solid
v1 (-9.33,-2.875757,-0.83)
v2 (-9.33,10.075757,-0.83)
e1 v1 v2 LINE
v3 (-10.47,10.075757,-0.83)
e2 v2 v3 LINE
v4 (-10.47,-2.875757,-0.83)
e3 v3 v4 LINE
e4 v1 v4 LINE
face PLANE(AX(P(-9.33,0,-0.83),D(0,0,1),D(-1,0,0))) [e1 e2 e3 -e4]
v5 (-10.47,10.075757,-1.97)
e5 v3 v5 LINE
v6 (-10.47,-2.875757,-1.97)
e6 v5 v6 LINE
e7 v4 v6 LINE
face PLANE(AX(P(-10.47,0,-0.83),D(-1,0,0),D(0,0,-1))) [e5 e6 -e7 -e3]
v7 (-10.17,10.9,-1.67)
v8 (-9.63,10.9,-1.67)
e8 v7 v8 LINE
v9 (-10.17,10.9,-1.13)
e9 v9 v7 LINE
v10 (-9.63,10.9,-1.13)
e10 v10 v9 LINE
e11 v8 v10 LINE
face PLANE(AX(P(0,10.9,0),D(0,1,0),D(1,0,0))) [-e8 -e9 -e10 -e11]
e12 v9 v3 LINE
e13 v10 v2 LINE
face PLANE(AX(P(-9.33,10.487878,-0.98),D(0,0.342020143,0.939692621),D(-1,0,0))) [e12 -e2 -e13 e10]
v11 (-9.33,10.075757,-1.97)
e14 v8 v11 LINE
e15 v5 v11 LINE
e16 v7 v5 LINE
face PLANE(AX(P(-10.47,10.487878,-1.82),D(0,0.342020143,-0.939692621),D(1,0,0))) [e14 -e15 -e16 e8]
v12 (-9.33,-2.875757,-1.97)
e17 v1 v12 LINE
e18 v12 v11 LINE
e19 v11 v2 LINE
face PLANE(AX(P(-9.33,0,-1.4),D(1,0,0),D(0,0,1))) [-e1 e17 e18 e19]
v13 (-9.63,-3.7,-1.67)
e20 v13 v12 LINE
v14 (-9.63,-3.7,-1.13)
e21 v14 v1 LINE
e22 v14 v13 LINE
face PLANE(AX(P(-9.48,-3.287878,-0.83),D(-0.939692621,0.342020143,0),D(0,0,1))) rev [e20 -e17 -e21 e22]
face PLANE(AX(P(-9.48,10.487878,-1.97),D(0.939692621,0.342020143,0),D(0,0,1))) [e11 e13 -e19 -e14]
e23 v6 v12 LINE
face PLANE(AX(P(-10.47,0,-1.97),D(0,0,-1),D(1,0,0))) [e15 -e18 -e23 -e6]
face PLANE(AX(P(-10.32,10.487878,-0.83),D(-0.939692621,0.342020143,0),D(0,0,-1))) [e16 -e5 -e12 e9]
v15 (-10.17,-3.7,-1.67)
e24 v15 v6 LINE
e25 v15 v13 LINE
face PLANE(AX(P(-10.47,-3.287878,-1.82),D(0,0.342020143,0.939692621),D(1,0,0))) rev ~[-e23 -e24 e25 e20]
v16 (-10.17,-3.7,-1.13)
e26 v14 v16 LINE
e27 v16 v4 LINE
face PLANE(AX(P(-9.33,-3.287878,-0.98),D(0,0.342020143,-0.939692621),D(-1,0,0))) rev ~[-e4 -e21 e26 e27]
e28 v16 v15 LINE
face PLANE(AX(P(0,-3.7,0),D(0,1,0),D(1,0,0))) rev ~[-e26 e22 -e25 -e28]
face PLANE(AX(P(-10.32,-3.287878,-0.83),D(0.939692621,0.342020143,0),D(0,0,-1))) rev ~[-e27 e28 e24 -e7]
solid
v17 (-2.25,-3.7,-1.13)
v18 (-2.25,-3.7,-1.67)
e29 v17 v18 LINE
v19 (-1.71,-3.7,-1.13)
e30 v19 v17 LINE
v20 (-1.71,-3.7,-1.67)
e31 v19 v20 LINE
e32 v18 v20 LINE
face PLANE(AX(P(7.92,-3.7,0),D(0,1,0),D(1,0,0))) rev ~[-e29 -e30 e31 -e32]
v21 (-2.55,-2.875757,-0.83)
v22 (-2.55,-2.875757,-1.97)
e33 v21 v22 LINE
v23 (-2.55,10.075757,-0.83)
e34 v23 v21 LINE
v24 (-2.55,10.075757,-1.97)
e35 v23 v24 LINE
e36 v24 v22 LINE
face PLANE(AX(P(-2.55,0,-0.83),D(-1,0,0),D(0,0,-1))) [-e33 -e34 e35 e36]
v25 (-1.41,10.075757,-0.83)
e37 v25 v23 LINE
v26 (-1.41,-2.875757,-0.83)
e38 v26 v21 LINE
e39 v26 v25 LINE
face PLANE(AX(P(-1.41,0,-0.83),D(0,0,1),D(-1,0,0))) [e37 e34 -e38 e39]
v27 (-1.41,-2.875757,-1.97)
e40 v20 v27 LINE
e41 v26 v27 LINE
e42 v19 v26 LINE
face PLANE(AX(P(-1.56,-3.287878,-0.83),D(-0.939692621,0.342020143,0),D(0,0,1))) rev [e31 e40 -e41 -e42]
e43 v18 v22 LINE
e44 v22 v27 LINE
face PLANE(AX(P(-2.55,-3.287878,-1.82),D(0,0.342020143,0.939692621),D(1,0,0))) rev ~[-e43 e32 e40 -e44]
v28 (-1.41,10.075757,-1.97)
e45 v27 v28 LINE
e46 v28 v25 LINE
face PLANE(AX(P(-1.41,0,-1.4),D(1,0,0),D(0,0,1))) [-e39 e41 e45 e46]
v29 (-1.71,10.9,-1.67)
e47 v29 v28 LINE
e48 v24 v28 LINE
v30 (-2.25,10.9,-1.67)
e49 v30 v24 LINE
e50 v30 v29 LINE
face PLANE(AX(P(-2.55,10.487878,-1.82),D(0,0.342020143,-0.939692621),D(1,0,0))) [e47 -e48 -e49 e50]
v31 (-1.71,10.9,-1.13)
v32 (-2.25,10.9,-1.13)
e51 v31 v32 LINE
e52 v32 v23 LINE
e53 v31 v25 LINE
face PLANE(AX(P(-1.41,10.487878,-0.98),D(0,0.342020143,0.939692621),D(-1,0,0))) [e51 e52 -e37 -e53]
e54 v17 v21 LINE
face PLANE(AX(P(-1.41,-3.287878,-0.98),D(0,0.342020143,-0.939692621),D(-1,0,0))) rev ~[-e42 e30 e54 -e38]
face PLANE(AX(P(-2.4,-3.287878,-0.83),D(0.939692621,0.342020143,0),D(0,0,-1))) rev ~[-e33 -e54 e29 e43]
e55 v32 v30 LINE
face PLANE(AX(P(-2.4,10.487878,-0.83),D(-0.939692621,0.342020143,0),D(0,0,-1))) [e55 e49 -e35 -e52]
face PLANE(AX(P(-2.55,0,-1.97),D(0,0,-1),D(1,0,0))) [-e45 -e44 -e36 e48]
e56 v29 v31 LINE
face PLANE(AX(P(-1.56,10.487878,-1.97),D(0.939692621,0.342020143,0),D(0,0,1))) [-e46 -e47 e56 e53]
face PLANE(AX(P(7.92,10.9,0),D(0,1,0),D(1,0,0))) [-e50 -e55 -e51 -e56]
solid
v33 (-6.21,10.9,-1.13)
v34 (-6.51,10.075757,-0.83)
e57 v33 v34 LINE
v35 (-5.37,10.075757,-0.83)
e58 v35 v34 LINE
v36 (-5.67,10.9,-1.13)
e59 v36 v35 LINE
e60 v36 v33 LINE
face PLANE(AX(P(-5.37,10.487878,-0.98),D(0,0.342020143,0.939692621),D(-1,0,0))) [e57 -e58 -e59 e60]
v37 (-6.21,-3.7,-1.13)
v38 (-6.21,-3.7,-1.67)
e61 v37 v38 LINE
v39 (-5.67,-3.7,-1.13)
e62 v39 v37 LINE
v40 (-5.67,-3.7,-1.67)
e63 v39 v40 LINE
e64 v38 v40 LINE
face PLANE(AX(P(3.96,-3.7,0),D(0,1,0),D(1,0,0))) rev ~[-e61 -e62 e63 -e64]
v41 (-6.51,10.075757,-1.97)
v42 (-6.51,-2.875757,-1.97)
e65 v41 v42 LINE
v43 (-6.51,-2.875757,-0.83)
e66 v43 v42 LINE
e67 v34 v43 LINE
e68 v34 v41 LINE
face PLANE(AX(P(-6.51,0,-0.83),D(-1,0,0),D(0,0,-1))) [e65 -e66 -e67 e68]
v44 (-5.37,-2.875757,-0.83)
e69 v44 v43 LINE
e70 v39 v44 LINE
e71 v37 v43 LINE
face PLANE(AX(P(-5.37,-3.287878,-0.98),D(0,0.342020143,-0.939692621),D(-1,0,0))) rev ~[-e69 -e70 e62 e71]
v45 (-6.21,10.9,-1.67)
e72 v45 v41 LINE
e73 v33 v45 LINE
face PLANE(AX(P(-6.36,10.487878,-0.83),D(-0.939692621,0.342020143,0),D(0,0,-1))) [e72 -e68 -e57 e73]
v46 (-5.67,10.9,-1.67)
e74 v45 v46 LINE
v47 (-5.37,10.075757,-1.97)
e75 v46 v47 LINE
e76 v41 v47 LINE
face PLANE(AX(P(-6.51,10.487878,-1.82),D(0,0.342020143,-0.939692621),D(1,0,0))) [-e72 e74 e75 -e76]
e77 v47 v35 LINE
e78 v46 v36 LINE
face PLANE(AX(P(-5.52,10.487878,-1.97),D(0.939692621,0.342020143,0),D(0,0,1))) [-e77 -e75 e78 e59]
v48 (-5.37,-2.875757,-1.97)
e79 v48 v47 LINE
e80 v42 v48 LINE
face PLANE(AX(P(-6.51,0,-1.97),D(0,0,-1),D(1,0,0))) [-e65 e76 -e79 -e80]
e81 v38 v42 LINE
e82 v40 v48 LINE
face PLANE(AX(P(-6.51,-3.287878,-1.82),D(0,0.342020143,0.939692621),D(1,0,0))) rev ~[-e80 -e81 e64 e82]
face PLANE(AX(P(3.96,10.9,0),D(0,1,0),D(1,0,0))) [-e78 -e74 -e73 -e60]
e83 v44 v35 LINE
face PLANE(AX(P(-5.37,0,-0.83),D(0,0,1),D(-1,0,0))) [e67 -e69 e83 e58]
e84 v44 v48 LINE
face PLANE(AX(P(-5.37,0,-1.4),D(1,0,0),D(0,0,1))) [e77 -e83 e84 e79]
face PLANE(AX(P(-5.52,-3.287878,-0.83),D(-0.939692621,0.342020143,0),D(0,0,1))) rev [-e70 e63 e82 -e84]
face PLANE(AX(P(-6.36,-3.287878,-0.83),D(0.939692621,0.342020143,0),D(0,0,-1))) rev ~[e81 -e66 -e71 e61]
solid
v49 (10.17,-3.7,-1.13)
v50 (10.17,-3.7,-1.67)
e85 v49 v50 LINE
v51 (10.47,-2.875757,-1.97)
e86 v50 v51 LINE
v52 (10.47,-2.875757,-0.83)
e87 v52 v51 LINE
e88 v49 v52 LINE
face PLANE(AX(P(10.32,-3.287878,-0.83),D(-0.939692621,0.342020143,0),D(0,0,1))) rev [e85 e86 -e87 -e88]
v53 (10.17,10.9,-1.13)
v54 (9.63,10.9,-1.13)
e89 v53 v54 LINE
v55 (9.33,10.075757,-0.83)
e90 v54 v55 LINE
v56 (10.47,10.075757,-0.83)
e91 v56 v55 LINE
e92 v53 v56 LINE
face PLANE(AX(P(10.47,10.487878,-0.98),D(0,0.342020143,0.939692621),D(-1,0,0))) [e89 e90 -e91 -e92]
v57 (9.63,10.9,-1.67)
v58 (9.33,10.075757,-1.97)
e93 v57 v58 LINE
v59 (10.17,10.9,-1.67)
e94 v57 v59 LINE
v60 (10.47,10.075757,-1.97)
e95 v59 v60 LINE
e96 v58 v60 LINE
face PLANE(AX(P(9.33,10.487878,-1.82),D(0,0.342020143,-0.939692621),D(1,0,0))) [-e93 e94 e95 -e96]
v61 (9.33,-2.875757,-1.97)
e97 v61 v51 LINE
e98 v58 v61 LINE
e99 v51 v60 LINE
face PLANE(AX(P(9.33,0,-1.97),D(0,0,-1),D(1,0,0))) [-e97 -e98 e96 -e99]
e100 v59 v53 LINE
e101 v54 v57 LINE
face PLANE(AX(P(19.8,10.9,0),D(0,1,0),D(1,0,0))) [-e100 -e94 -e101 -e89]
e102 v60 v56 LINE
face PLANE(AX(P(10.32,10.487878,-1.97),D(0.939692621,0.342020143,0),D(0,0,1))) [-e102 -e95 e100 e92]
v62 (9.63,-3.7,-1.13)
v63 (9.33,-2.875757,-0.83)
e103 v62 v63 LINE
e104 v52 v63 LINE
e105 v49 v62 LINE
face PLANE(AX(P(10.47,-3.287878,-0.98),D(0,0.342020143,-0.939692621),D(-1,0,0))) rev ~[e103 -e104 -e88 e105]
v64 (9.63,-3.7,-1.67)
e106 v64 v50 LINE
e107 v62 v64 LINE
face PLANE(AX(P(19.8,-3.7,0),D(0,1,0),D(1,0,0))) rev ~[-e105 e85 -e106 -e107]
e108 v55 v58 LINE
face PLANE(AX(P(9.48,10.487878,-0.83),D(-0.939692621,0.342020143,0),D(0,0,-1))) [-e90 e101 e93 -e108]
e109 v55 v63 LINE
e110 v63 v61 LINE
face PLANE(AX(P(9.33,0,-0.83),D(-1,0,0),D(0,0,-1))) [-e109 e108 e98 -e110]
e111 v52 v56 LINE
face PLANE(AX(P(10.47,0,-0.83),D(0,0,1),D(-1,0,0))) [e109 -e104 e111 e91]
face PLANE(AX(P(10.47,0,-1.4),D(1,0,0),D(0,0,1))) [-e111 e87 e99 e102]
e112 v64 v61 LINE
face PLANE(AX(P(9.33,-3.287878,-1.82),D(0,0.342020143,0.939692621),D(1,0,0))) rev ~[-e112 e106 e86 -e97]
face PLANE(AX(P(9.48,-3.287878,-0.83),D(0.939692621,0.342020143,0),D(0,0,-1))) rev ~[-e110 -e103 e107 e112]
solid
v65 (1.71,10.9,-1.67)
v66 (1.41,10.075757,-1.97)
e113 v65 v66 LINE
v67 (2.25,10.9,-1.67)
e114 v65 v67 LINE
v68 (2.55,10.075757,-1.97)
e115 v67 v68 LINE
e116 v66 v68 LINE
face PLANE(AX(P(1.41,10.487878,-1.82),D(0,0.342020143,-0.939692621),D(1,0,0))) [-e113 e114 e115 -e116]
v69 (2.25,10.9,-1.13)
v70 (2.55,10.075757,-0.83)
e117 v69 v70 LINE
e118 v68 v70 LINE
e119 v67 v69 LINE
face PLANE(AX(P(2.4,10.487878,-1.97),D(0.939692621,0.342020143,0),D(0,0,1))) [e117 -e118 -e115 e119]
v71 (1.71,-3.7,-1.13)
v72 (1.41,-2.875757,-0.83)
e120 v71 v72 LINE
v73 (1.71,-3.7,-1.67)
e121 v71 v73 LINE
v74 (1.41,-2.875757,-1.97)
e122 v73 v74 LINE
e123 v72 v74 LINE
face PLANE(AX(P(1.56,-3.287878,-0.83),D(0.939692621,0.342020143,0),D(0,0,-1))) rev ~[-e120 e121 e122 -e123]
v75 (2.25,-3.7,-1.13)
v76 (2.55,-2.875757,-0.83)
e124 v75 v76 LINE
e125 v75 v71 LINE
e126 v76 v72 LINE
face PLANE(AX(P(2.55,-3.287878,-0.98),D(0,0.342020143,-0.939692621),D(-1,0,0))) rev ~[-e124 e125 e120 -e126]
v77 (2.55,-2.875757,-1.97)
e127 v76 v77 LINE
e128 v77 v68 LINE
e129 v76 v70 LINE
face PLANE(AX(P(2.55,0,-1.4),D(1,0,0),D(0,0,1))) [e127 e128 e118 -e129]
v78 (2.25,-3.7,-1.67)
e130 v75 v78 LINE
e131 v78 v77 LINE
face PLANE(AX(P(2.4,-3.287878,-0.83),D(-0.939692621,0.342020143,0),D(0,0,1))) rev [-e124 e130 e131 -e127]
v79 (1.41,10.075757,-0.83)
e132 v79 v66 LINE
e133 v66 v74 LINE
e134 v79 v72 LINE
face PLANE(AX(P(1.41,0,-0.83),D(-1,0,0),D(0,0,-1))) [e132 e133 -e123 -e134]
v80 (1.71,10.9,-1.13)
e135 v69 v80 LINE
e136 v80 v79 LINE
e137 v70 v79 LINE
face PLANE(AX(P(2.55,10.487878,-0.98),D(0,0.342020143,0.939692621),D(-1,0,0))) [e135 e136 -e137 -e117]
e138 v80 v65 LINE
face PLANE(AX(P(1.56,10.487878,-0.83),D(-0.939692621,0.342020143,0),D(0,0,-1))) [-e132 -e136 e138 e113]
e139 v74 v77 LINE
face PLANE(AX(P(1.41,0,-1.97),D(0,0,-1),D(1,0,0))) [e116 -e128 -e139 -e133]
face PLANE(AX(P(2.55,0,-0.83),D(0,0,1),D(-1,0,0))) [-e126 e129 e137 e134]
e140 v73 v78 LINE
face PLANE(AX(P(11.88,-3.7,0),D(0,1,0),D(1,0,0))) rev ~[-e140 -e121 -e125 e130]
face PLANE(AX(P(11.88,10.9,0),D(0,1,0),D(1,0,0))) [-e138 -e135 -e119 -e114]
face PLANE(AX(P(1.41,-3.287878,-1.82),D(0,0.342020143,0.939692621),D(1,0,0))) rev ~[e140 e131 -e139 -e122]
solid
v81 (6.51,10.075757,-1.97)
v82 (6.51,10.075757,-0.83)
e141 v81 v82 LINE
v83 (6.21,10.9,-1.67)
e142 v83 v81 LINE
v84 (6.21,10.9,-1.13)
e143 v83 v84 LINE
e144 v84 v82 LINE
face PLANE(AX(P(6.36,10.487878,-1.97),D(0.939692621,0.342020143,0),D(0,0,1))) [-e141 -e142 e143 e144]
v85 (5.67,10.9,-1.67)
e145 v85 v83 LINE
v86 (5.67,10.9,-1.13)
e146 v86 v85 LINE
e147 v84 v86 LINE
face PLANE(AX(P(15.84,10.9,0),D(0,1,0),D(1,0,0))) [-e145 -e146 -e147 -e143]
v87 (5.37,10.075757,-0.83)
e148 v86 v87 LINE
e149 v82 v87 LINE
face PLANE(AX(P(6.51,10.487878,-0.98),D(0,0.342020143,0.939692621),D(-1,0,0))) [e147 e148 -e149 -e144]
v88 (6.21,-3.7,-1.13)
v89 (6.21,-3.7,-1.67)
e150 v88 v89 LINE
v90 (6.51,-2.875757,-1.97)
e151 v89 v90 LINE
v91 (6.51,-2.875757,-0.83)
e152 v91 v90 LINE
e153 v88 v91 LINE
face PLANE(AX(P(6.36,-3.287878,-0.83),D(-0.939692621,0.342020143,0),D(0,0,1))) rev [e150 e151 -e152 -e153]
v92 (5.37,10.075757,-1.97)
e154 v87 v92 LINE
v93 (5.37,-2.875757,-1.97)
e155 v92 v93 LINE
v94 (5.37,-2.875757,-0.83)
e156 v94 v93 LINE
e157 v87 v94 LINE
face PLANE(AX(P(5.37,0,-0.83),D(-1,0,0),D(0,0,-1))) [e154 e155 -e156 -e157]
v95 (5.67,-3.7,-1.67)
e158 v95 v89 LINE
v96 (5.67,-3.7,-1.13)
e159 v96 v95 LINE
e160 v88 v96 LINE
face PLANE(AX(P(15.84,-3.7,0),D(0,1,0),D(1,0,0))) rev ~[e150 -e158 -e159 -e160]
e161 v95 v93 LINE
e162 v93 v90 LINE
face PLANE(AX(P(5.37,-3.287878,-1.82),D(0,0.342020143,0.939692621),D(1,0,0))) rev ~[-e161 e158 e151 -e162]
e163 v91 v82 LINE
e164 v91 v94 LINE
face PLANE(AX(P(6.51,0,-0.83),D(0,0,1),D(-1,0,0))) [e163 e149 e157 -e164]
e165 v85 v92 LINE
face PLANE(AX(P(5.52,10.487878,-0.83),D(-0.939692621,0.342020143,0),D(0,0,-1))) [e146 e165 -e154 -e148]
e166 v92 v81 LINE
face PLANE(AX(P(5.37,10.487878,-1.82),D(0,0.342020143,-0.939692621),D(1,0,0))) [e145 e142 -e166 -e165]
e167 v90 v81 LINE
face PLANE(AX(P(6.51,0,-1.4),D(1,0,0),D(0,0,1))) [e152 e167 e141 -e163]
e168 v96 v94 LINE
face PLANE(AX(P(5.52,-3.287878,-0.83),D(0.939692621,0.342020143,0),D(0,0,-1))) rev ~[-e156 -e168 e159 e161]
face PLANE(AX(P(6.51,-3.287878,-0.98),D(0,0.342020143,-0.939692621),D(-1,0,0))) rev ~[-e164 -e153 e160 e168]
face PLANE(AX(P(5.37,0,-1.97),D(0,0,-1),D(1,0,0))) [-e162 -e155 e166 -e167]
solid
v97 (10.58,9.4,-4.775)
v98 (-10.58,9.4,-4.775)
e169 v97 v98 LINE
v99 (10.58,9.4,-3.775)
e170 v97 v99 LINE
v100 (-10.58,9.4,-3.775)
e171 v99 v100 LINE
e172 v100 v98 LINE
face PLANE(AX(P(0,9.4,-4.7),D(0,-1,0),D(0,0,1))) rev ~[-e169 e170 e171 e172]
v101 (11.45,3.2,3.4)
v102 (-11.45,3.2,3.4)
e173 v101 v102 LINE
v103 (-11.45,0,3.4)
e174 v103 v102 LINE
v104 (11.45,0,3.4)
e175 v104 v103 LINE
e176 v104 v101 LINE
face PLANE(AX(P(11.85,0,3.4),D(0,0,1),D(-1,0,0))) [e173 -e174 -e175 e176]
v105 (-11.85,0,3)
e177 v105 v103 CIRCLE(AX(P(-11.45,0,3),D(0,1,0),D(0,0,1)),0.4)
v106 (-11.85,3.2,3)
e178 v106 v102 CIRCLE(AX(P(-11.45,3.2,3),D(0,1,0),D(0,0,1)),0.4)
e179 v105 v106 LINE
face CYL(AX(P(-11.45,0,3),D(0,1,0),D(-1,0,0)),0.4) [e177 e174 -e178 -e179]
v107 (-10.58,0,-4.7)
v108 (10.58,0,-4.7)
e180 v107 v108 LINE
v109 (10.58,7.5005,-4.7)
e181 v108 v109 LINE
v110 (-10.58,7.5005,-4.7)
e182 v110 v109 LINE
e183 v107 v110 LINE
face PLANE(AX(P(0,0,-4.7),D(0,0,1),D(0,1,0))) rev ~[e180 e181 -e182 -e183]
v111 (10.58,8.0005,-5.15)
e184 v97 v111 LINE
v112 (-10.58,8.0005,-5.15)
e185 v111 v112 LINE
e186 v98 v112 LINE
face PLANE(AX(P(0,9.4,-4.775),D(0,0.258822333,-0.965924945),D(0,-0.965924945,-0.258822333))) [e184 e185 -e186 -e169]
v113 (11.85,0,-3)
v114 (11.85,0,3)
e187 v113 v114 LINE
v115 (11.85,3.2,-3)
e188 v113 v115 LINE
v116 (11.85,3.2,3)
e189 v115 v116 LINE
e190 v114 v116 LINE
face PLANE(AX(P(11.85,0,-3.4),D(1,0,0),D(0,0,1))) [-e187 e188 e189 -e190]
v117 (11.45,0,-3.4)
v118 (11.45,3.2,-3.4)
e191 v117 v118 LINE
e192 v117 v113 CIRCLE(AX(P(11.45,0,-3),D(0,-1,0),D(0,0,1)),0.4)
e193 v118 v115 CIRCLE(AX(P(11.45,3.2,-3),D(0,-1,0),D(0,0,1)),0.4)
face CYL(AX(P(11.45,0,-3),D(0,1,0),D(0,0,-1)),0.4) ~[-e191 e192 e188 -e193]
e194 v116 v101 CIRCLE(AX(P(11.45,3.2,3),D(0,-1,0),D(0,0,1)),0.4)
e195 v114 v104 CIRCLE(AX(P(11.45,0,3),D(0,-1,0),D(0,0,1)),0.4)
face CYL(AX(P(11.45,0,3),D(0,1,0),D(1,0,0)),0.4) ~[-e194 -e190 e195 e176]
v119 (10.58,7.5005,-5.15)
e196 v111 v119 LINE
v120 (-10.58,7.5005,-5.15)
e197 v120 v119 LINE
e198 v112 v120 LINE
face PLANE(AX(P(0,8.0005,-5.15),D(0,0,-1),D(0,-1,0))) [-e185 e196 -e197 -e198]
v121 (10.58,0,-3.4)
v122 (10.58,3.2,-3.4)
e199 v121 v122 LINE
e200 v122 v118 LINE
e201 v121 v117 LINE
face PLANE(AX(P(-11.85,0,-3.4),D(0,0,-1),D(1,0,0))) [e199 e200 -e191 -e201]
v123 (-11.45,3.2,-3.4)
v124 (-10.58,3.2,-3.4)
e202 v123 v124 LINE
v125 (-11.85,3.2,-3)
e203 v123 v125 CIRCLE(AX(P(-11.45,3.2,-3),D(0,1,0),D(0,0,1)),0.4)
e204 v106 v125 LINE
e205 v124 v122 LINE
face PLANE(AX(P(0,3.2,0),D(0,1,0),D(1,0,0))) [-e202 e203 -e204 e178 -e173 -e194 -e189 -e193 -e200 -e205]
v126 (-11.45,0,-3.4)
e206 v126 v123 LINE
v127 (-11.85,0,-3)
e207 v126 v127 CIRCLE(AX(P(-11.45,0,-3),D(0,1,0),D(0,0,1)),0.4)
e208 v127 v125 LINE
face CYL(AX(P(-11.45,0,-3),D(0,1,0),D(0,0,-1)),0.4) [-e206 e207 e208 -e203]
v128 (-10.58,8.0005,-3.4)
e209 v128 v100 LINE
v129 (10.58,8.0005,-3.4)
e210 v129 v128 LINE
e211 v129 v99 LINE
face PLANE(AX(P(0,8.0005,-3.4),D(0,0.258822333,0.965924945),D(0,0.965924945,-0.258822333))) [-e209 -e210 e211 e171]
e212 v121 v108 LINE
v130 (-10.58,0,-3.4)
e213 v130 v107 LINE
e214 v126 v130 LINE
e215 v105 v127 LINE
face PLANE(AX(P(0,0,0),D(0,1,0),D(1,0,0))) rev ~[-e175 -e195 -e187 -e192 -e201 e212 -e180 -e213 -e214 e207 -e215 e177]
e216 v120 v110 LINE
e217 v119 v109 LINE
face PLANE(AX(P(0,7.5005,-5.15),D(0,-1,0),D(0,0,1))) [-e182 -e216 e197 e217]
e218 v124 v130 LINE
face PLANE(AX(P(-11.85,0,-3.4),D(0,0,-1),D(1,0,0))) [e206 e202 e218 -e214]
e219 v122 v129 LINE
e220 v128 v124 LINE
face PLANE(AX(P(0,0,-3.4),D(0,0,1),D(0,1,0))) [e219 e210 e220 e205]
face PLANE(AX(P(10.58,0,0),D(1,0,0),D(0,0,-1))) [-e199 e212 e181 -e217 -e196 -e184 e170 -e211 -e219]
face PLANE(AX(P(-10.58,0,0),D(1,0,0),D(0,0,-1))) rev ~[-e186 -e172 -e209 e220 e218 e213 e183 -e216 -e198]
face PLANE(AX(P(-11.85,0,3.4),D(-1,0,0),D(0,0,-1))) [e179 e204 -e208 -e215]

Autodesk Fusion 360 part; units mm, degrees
sketch "Skizze1" plane through (0, 0, 0) normal (0, 1, 0) x (1, 0, 0)
  line L0 (-11.85, 3.4) -> (11.85, 3.4)
  line L1 (11.85, 3.4) -> (11.85, -3.4)
  line L2 (11.85, -3.4) -> (-11.85, -3.4)
  line L3 (-11.85, -3.4) -> (-11.85, 3.4)
  line L4 (0, 3.4) -> (0, -3.4) construction
  dimension "d9" = 23.7
  dimension "d10" = 6.8
extrude "Extrusion1" add sketch "Skizze1" along normal blind 3.2 makes body 1
sketch "Skizze3" plane through (0, 0, 0) normal (1, 0, 0) x (0, 0, -1)
  line L0 (3.4, 0) -> (3.4, 3.2)
  line L1 (3.4, 0) -> (4.7, 0)
  line L2 (4.7, 0) -> (4.7, 9.4)
  line L3 (4.7, 9.4) -> (3.4, 9.4) construction
  line L4 (3.4, 9.4) -> (3.4, 0)
  line L5 (4.7, 9.4) -> (5.15, 9.4)
  line L6 (5.15, 9.4) -> (5.15, 0)
  line L7 (5.15, 0) -> (4.7, 0)
  line L8 (4.7, 0) -> (4.7, 9.4) construction
  line L9 (3.4, 8.0005) -> (3.775, 9.4)
  line L10 (4.775, 9.4) -> (5.15, 8.0005)
  line L11 (5.15, 7.5005) -> (4.7, 7.5005)
  line L12 (4.775, 9.4) -> (3.775, 9.4)
  line L13 (3.775, 9.4) -> (4.775, 9.4) construction
  line L14 (4.775, 9.4) -> (5.15, 9.4) construction
  line L15 (3.775, 9.4) -> (3.4, 9.4) construction
  line L16 (5.15, 9.4) -> (4.775, 9.4) construction
  line L17 (5.15, 8.0005) -> (5.15, 7.5005) construction
  line L18 (5.15, 7.5005) -> (5.15, 8.0005) construction
  line L19 (5.15, 9.4) -> (3.4, 9.4)
  line L20 (5.15, 0) -> (3.4, 0)
  dimension "d31" = 9.4
  dimension "d33" = 1.3
  dimension "d35" = 90
  dimension "d36" = 75
  dimension "d37" = 75
  dimension "d39" = 1
  dimension "d42" = 0.5
  dimension "d48" = 1.75
sketch "Skizze2" plane through (0, 0, 0) normal (0, 1, 0) x (1, 0, 0)
  line L0 (-9.33, 0.83) -> (-10.47, 0.83)
  line L1 (-10.47, 0.83) -> (-10.47, 1.97)
  line L2 (-10.47, 1.97) -> (-9.33, 1.97)
  line L3 (-9.33, 1.97) -> (-9.33, 0.83)
  line L4 (-11.85, 3.4) -> (11.85, 3.4)
  line L5 (11.85, 3.4) -> (11.85, -3.4)
  line L6 (11.85, -3.4) -> (-11.85, -3.4)
  line L7 (-11.85, -3.4) -> (-11.85, 3.4)
  line L8 (0, 3.4) -> (0, 1.4) construction
  line L9 (-9.33, 1.4) -> (-10.47, 1.4) construction
  line L10 (0, 1.4) -> (-9.9, 1.4)
  point P0 (-9.9, 1.4)
  dimension "d16" = 1.14
  dimension "d17" = 1.14
  dimension "d24" = 2
  dimension "d26" = 9.9
extrude "Extrusion3" add sketch "Skizze3" along normal mid plane 21.16 contours L0 L1 L2 L4 L9 L12 L19 L20 | L2 L5 L6 L10 L11 L12 L19 bodies 1
extrude "Extrusion2" add sketch "Skizze2" along normal blind 10.9 and the other way blind 3.7 separate body contours L0 L1 L2 L3 makes body 2
chamfer "Fase2" distance 0.3 angle 70 8 edges at (-9.9, 10.9, -0.83) (-9.33, 10.9, -1.4) (-9.9, 10.9, -1.97) (-10.47, 10.9, -1.4) (-9.33, -3.7, -1.4) (-9.9, -3.7, -0.83) (-10.47, -3.7, -1.4) (-9.9, -3.7, -1.97) measured on face at (-9.71, 10.9, -1.21) measured on face at (-9.71, 10.9, -1.21) measured on face at (-9.71, 10.9, -1.21) measured on face at (-9.71, 10.9, -1.21) measured on face at (-9.71, -3.7, -1.21) measured on face at (-9.71, -3.7, -1.21) measured on face at (-9.71, -3.7, -1.21) measured on face at (-9.71, -3.7, -1.21) on bodies 2
pattern_linear "R-Anordnung1" count 6 spacing 3.96 along (1, 0, 0) of bodies 2 makes body 3 at (-5.37, 1.4414, -1.59) makes body 4 at (-1.41, 1.4414, -1.59) makes body 5 at (2.55, 1.4414, -1.59) makes body 6 at (6.51, 1.4414, -1.59) makes body 7 at (10.47, 1.4414, -1.59)
fillet "Abrundung1" radius 0.4 4 edges at (11.85, 1.6, -3.4) (11.85, 1.6, 3.4) (-11.85, 1.6, 3.4) (-11.85, 1.6, -3.4) on bodies 1
equation "B1 = A1 + ( 1.95 mm * 2 )"
equation "A1 = ( n - 1 ) * P"
equation "C1 = 6.8 mm"
equation "H1 = 9.4 mm"
equation "O1 = 2 mm"
equation "d9 = B1"
equation "d10 = C1"
equation "D1 = 3.2 mm"
equation "Pw = 1.14 mm"
equation "d13 = D1"
equation "d16 = Pw"
equation "d17 = Pw"
equation "LPinTop = 7.7 mm + D1"
equation "LPinBottom = 14.6 mm - LPinTop"
equation "d20 = LPinTop"
equation "d22 = LPinBottom"
equation "d24 = O1"
equation "Pin1XOffset = ( ( n - 1 ) * P ) / 2"
equation "d26 = Pin1XOffset"
equation "d31 = H1"
equation "D2 = 1.3 mm"
equation "d33 = D2"
equation "d35 = alpha"
equation "d36 = 90 deg - beta"
equation "d37 = 90 deg - beta"
equation "Wx1 = 1.0 mm"
equation "Hx1 = 0.5 mm"
equation "alpha = 90 deg"
equation "d42 = Hx1"
equation "beta = 15 deg"
equation "WL1 = 1.27 mm"
equation "d45 = B1 - ( WL1 * 2 )"
equation "Dlatch = 1.75 mm"
equation "d48 = Dlatch"
equation "d54 = delta"
equation "delta = 70 deg"
